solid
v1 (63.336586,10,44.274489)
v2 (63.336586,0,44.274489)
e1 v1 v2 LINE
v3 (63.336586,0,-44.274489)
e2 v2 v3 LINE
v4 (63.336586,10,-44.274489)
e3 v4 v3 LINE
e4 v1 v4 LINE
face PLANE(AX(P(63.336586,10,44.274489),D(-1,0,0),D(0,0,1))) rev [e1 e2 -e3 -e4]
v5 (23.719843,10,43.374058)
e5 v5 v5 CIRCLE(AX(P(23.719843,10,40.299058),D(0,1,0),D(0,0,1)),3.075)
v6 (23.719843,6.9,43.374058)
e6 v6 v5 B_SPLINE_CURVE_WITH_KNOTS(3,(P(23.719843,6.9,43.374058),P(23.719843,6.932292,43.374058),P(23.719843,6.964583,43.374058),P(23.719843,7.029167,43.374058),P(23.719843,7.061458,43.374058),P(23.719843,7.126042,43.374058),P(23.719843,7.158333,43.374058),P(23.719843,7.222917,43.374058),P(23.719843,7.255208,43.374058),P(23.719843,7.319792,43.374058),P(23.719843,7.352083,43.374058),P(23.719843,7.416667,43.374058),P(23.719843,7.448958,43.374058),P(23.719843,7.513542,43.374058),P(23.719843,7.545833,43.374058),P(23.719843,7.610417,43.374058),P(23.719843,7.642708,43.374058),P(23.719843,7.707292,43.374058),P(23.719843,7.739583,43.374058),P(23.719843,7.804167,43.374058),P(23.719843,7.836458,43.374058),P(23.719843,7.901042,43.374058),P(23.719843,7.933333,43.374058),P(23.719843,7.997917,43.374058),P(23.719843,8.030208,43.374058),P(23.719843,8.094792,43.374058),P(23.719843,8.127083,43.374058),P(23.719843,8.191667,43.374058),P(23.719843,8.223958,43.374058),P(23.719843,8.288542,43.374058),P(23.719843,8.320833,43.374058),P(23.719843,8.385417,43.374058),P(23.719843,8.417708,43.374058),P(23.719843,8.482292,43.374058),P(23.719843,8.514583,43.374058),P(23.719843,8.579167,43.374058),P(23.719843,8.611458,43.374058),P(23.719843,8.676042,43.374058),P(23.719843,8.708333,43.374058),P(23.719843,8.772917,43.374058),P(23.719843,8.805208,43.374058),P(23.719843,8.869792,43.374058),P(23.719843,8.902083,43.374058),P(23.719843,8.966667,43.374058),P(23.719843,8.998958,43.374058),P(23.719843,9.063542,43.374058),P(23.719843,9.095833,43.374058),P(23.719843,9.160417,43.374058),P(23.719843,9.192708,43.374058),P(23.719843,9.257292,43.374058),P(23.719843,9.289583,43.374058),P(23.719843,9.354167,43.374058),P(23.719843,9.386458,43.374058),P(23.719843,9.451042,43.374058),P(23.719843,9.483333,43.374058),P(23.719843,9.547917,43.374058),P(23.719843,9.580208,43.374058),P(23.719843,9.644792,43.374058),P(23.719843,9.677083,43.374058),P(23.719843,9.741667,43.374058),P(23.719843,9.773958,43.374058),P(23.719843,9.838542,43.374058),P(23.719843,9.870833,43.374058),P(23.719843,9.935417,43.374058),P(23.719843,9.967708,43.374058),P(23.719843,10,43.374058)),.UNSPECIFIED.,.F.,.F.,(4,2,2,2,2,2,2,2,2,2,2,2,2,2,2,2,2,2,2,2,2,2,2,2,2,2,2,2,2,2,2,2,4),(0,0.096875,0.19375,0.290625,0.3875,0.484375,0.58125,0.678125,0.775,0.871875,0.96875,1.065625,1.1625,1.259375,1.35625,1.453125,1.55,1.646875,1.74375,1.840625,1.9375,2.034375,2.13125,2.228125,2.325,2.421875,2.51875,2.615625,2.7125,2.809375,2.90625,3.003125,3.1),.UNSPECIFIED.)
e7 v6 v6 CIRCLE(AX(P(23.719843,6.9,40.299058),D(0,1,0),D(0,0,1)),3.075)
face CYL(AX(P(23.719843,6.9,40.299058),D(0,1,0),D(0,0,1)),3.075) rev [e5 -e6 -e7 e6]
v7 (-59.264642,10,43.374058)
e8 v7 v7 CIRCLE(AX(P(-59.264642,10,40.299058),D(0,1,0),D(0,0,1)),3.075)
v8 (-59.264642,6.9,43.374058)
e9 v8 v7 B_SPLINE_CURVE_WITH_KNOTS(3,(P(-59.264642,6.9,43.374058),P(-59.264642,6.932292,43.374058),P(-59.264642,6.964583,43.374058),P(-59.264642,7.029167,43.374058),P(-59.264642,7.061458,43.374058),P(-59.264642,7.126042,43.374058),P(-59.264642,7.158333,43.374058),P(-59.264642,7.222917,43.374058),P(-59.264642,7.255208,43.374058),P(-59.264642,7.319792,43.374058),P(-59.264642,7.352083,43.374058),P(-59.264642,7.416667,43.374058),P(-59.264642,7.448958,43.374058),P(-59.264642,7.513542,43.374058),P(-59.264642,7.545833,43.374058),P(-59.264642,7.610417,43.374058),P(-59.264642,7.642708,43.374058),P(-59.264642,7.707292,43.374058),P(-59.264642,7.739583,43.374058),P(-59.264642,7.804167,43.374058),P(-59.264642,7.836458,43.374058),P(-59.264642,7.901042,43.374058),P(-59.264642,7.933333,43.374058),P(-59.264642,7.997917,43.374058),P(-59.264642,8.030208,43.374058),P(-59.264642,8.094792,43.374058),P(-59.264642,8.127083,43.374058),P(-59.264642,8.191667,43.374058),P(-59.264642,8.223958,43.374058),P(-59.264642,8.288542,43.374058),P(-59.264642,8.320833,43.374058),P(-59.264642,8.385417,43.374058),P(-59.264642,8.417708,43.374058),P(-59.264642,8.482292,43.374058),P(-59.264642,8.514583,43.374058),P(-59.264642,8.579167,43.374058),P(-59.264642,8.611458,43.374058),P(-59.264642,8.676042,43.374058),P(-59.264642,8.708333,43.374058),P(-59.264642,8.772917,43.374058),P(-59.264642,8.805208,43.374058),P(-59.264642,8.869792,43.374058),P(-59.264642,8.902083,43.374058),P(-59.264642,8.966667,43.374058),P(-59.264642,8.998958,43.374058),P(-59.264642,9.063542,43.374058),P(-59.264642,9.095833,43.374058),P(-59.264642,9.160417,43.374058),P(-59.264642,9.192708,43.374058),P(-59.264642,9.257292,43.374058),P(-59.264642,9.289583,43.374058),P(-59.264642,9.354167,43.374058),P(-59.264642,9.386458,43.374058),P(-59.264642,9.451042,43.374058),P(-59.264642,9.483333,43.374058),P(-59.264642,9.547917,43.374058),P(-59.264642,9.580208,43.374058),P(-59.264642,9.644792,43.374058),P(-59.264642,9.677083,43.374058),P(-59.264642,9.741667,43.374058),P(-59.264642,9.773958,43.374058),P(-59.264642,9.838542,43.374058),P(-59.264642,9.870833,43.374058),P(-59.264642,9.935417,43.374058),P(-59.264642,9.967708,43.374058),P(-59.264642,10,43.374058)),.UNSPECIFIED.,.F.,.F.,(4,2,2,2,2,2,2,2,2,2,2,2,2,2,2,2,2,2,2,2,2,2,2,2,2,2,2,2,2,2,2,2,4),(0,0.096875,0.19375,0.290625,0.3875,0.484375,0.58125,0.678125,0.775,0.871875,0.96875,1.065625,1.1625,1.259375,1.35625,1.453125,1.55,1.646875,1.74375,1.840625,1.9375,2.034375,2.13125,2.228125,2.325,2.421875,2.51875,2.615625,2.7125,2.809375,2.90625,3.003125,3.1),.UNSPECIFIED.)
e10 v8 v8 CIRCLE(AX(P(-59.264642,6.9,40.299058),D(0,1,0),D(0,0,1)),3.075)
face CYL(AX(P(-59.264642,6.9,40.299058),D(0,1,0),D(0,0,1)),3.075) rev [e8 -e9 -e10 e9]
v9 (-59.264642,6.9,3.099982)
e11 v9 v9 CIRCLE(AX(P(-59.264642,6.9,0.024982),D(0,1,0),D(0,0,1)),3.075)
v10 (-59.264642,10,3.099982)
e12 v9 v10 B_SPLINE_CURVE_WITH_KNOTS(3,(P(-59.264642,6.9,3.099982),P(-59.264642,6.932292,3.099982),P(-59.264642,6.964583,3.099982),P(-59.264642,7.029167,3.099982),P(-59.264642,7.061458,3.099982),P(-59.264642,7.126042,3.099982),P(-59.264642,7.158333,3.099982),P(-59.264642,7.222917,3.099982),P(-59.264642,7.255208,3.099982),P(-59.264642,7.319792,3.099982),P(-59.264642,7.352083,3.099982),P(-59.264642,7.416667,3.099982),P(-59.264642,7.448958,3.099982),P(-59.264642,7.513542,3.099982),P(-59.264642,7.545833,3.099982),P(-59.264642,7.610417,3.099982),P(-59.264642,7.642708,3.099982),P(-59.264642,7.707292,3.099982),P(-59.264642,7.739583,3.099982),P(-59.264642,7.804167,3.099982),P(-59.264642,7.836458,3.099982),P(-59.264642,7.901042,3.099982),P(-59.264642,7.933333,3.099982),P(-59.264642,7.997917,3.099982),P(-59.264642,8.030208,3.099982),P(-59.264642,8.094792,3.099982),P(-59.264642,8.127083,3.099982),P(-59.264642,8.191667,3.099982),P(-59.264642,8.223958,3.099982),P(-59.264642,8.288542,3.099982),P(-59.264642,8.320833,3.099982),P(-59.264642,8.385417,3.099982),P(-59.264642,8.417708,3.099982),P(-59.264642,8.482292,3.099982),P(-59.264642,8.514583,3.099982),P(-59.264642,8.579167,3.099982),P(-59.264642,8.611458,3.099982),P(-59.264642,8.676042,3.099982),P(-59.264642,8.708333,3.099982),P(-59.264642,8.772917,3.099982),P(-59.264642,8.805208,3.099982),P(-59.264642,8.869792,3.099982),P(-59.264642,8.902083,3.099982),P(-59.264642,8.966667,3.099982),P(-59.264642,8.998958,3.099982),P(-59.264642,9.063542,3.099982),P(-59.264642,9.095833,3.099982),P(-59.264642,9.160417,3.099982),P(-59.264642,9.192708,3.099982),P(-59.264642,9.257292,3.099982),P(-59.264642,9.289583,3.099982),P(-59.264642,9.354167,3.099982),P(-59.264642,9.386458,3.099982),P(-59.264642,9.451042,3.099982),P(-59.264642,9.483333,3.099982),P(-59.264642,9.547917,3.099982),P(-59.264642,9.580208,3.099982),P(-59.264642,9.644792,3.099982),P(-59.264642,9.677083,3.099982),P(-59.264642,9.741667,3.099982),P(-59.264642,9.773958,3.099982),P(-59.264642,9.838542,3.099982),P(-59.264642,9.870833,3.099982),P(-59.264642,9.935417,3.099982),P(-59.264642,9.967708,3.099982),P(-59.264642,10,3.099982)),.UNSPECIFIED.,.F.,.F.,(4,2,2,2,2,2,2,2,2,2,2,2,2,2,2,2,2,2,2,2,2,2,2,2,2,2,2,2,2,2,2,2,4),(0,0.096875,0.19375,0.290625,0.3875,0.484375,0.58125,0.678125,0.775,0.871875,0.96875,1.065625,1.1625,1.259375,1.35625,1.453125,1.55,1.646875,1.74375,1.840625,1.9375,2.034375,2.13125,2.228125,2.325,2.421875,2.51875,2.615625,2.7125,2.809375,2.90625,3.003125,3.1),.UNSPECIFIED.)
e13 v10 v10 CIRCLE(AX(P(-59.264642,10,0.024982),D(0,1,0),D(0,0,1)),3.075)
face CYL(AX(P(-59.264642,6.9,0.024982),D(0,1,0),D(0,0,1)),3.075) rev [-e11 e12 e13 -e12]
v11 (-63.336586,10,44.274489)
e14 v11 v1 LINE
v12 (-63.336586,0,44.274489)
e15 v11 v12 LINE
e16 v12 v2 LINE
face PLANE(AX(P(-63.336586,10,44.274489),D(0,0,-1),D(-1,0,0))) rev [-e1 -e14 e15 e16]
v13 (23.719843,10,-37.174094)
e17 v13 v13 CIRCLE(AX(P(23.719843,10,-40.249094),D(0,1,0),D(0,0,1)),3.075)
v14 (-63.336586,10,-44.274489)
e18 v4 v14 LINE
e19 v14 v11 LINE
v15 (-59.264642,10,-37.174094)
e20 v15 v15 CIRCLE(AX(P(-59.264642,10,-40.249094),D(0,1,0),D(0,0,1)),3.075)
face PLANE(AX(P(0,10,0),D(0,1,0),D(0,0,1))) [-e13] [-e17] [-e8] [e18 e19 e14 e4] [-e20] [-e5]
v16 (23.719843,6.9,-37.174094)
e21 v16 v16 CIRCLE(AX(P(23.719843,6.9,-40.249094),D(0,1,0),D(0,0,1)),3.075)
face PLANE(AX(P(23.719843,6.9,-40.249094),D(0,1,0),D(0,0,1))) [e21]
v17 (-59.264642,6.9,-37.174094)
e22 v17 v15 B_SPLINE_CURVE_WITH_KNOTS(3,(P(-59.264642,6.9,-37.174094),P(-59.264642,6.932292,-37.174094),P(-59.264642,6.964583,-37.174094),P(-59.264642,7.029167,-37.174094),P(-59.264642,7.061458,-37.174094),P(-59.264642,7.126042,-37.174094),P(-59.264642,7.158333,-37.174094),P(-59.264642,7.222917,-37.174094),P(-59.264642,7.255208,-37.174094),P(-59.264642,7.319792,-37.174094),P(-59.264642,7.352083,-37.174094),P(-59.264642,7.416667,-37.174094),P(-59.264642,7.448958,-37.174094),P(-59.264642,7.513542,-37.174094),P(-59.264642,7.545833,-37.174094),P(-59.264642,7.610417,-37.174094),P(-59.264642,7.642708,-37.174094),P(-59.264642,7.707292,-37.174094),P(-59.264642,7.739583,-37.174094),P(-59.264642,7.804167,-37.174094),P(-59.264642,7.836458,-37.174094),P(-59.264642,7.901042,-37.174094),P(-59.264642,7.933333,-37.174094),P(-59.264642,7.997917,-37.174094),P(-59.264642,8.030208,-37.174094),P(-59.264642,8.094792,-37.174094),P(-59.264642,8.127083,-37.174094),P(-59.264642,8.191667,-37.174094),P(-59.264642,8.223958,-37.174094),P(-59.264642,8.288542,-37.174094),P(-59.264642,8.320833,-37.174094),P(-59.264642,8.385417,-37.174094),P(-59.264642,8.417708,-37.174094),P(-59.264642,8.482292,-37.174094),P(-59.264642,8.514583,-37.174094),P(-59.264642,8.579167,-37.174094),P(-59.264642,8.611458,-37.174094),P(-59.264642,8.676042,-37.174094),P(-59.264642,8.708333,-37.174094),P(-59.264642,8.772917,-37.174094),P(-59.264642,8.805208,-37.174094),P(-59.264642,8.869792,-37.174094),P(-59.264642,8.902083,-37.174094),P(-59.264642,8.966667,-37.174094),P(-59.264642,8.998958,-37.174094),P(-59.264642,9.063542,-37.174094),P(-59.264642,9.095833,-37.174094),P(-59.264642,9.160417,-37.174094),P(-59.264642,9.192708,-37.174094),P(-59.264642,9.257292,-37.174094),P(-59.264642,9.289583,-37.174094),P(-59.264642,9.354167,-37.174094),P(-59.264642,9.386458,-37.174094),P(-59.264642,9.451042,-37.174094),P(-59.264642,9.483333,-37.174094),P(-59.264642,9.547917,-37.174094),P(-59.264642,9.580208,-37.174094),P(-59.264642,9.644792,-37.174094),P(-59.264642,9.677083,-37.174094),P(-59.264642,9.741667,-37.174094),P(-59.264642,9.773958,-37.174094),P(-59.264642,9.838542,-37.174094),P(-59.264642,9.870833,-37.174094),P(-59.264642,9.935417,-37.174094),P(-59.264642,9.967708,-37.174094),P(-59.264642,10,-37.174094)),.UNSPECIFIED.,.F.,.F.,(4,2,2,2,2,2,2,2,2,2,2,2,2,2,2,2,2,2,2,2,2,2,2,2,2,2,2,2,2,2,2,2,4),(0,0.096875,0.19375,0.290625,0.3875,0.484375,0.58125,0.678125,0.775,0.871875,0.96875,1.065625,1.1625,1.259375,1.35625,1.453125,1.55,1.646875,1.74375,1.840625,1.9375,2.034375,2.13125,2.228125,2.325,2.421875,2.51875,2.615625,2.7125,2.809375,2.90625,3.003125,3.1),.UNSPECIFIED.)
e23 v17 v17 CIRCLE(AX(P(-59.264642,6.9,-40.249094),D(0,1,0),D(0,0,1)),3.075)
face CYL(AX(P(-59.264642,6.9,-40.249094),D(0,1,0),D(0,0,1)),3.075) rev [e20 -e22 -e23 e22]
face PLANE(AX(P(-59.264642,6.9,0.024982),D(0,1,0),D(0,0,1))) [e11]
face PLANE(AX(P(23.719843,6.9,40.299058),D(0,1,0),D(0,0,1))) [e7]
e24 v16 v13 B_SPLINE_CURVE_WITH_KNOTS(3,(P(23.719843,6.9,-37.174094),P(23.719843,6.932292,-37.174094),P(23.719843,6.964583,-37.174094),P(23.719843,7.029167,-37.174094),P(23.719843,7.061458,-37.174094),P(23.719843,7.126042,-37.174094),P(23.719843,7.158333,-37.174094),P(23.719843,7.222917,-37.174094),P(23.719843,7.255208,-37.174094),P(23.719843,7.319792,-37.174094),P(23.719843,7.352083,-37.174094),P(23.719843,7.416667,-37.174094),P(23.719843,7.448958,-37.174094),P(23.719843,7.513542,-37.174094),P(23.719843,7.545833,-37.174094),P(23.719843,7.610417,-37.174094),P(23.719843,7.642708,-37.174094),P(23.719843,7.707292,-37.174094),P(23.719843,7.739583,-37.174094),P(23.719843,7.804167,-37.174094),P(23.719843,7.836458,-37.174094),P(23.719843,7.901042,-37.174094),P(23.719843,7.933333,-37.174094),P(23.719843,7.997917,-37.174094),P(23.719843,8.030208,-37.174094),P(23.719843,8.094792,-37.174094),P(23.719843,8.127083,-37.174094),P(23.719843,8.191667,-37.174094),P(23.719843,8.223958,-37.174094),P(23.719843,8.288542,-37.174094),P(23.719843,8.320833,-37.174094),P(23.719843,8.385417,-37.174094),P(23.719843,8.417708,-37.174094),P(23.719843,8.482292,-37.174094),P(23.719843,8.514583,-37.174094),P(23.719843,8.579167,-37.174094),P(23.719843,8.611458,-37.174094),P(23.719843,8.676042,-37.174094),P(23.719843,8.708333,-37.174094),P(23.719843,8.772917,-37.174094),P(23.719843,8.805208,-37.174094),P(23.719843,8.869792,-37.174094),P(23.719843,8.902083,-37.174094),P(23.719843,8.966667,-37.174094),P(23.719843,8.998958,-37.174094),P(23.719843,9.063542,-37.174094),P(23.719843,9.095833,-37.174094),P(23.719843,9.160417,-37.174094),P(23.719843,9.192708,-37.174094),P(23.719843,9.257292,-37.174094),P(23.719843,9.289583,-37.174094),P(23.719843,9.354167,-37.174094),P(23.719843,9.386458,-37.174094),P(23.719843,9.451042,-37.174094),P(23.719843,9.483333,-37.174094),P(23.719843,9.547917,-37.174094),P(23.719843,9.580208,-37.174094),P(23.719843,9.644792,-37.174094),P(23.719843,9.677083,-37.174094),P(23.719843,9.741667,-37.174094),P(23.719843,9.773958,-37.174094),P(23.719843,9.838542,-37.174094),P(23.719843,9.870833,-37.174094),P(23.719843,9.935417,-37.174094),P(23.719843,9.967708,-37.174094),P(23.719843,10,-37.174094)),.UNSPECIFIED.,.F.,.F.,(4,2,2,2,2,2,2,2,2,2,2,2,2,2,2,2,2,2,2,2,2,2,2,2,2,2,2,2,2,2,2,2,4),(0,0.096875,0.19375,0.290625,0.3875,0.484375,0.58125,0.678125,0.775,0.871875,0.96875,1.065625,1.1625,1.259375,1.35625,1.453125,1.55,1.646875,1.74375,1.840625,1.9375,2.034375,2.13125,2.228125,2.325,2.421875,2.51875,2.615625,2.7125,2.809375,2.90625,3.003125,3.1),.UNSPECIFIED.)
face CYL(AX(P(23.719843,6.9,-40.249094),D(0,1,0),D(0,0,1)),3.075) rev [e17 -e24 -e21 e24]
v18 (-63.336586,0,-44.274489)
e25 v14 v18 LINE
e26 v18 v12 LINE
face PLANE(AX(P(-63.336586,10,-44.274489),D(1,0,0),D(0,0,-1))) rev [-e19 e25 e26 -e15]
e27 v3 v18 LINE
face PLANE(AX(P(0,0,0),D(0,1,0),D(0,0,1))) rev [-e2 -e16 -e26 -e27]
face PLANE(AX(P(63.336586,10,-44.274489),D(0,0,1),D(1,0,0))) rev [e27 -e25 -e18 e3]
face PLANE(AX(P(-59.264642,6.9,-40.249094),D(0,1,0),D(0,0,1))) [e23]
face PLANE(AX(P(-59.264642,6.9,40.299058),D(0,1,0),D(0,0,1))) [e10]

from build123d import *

# Parameters (mm, degrees)
SKETCH1_W           = 126.673172486
SKETCH1_H           = 88.54897829
BOSS_EXTRUDE1_DEPTH = 10
SKETCH2_R           = 3.075
CUT_EXTRUDE1_DEPTH  = 3.1


with BuildPart() as part:
    # Sketch1 → Boss-Extrude1 (new body)
    with BuildSketch(Plane(origin=(0, 0, 0), x_dir=(1, 0, 0), z_dir=(0, 1, 0))):
        Rectangle(SKETCH1_W, SKETCH1_H)
    extrude(amount=BOSS_EXTRUDE1_DEPTH)

    # Sketch2 → Cut-Extrude1 (cut)
    with BuildSketch(Plane(origin=(0, 10, 0), x_dir=(1, 0, 0), z_dir=(0, 1, 0))):
        with Locations(Location((-59.264642203, 40.249094368, 0), (0, 0, 270))):
            Circle(SKETCH2_R)
        with Locations(Location((-59.264642203, -0.024981571, 0), (0, 0, 270))):
            Circle(SKETCH2_R)
        with Locations(Location((-59.264642203, -40.299057509, 0), (0, 0, 270))):
            Circle(SKETCH2_R)
        with Locations(Location((23.719842676, -40.299057509, 0), (0, 0, 270))):
            Circle(SKETCH2_R)
        with Locations(Location((23.719842676, 40.249094368, 0), (0, 0, 270))):
            Circle(SKETCH2_R)
    extrude(amount=-CUT_EXTRUDE1_DEPTH, mode=Mode.SUBTRACT)


solid = part.part
